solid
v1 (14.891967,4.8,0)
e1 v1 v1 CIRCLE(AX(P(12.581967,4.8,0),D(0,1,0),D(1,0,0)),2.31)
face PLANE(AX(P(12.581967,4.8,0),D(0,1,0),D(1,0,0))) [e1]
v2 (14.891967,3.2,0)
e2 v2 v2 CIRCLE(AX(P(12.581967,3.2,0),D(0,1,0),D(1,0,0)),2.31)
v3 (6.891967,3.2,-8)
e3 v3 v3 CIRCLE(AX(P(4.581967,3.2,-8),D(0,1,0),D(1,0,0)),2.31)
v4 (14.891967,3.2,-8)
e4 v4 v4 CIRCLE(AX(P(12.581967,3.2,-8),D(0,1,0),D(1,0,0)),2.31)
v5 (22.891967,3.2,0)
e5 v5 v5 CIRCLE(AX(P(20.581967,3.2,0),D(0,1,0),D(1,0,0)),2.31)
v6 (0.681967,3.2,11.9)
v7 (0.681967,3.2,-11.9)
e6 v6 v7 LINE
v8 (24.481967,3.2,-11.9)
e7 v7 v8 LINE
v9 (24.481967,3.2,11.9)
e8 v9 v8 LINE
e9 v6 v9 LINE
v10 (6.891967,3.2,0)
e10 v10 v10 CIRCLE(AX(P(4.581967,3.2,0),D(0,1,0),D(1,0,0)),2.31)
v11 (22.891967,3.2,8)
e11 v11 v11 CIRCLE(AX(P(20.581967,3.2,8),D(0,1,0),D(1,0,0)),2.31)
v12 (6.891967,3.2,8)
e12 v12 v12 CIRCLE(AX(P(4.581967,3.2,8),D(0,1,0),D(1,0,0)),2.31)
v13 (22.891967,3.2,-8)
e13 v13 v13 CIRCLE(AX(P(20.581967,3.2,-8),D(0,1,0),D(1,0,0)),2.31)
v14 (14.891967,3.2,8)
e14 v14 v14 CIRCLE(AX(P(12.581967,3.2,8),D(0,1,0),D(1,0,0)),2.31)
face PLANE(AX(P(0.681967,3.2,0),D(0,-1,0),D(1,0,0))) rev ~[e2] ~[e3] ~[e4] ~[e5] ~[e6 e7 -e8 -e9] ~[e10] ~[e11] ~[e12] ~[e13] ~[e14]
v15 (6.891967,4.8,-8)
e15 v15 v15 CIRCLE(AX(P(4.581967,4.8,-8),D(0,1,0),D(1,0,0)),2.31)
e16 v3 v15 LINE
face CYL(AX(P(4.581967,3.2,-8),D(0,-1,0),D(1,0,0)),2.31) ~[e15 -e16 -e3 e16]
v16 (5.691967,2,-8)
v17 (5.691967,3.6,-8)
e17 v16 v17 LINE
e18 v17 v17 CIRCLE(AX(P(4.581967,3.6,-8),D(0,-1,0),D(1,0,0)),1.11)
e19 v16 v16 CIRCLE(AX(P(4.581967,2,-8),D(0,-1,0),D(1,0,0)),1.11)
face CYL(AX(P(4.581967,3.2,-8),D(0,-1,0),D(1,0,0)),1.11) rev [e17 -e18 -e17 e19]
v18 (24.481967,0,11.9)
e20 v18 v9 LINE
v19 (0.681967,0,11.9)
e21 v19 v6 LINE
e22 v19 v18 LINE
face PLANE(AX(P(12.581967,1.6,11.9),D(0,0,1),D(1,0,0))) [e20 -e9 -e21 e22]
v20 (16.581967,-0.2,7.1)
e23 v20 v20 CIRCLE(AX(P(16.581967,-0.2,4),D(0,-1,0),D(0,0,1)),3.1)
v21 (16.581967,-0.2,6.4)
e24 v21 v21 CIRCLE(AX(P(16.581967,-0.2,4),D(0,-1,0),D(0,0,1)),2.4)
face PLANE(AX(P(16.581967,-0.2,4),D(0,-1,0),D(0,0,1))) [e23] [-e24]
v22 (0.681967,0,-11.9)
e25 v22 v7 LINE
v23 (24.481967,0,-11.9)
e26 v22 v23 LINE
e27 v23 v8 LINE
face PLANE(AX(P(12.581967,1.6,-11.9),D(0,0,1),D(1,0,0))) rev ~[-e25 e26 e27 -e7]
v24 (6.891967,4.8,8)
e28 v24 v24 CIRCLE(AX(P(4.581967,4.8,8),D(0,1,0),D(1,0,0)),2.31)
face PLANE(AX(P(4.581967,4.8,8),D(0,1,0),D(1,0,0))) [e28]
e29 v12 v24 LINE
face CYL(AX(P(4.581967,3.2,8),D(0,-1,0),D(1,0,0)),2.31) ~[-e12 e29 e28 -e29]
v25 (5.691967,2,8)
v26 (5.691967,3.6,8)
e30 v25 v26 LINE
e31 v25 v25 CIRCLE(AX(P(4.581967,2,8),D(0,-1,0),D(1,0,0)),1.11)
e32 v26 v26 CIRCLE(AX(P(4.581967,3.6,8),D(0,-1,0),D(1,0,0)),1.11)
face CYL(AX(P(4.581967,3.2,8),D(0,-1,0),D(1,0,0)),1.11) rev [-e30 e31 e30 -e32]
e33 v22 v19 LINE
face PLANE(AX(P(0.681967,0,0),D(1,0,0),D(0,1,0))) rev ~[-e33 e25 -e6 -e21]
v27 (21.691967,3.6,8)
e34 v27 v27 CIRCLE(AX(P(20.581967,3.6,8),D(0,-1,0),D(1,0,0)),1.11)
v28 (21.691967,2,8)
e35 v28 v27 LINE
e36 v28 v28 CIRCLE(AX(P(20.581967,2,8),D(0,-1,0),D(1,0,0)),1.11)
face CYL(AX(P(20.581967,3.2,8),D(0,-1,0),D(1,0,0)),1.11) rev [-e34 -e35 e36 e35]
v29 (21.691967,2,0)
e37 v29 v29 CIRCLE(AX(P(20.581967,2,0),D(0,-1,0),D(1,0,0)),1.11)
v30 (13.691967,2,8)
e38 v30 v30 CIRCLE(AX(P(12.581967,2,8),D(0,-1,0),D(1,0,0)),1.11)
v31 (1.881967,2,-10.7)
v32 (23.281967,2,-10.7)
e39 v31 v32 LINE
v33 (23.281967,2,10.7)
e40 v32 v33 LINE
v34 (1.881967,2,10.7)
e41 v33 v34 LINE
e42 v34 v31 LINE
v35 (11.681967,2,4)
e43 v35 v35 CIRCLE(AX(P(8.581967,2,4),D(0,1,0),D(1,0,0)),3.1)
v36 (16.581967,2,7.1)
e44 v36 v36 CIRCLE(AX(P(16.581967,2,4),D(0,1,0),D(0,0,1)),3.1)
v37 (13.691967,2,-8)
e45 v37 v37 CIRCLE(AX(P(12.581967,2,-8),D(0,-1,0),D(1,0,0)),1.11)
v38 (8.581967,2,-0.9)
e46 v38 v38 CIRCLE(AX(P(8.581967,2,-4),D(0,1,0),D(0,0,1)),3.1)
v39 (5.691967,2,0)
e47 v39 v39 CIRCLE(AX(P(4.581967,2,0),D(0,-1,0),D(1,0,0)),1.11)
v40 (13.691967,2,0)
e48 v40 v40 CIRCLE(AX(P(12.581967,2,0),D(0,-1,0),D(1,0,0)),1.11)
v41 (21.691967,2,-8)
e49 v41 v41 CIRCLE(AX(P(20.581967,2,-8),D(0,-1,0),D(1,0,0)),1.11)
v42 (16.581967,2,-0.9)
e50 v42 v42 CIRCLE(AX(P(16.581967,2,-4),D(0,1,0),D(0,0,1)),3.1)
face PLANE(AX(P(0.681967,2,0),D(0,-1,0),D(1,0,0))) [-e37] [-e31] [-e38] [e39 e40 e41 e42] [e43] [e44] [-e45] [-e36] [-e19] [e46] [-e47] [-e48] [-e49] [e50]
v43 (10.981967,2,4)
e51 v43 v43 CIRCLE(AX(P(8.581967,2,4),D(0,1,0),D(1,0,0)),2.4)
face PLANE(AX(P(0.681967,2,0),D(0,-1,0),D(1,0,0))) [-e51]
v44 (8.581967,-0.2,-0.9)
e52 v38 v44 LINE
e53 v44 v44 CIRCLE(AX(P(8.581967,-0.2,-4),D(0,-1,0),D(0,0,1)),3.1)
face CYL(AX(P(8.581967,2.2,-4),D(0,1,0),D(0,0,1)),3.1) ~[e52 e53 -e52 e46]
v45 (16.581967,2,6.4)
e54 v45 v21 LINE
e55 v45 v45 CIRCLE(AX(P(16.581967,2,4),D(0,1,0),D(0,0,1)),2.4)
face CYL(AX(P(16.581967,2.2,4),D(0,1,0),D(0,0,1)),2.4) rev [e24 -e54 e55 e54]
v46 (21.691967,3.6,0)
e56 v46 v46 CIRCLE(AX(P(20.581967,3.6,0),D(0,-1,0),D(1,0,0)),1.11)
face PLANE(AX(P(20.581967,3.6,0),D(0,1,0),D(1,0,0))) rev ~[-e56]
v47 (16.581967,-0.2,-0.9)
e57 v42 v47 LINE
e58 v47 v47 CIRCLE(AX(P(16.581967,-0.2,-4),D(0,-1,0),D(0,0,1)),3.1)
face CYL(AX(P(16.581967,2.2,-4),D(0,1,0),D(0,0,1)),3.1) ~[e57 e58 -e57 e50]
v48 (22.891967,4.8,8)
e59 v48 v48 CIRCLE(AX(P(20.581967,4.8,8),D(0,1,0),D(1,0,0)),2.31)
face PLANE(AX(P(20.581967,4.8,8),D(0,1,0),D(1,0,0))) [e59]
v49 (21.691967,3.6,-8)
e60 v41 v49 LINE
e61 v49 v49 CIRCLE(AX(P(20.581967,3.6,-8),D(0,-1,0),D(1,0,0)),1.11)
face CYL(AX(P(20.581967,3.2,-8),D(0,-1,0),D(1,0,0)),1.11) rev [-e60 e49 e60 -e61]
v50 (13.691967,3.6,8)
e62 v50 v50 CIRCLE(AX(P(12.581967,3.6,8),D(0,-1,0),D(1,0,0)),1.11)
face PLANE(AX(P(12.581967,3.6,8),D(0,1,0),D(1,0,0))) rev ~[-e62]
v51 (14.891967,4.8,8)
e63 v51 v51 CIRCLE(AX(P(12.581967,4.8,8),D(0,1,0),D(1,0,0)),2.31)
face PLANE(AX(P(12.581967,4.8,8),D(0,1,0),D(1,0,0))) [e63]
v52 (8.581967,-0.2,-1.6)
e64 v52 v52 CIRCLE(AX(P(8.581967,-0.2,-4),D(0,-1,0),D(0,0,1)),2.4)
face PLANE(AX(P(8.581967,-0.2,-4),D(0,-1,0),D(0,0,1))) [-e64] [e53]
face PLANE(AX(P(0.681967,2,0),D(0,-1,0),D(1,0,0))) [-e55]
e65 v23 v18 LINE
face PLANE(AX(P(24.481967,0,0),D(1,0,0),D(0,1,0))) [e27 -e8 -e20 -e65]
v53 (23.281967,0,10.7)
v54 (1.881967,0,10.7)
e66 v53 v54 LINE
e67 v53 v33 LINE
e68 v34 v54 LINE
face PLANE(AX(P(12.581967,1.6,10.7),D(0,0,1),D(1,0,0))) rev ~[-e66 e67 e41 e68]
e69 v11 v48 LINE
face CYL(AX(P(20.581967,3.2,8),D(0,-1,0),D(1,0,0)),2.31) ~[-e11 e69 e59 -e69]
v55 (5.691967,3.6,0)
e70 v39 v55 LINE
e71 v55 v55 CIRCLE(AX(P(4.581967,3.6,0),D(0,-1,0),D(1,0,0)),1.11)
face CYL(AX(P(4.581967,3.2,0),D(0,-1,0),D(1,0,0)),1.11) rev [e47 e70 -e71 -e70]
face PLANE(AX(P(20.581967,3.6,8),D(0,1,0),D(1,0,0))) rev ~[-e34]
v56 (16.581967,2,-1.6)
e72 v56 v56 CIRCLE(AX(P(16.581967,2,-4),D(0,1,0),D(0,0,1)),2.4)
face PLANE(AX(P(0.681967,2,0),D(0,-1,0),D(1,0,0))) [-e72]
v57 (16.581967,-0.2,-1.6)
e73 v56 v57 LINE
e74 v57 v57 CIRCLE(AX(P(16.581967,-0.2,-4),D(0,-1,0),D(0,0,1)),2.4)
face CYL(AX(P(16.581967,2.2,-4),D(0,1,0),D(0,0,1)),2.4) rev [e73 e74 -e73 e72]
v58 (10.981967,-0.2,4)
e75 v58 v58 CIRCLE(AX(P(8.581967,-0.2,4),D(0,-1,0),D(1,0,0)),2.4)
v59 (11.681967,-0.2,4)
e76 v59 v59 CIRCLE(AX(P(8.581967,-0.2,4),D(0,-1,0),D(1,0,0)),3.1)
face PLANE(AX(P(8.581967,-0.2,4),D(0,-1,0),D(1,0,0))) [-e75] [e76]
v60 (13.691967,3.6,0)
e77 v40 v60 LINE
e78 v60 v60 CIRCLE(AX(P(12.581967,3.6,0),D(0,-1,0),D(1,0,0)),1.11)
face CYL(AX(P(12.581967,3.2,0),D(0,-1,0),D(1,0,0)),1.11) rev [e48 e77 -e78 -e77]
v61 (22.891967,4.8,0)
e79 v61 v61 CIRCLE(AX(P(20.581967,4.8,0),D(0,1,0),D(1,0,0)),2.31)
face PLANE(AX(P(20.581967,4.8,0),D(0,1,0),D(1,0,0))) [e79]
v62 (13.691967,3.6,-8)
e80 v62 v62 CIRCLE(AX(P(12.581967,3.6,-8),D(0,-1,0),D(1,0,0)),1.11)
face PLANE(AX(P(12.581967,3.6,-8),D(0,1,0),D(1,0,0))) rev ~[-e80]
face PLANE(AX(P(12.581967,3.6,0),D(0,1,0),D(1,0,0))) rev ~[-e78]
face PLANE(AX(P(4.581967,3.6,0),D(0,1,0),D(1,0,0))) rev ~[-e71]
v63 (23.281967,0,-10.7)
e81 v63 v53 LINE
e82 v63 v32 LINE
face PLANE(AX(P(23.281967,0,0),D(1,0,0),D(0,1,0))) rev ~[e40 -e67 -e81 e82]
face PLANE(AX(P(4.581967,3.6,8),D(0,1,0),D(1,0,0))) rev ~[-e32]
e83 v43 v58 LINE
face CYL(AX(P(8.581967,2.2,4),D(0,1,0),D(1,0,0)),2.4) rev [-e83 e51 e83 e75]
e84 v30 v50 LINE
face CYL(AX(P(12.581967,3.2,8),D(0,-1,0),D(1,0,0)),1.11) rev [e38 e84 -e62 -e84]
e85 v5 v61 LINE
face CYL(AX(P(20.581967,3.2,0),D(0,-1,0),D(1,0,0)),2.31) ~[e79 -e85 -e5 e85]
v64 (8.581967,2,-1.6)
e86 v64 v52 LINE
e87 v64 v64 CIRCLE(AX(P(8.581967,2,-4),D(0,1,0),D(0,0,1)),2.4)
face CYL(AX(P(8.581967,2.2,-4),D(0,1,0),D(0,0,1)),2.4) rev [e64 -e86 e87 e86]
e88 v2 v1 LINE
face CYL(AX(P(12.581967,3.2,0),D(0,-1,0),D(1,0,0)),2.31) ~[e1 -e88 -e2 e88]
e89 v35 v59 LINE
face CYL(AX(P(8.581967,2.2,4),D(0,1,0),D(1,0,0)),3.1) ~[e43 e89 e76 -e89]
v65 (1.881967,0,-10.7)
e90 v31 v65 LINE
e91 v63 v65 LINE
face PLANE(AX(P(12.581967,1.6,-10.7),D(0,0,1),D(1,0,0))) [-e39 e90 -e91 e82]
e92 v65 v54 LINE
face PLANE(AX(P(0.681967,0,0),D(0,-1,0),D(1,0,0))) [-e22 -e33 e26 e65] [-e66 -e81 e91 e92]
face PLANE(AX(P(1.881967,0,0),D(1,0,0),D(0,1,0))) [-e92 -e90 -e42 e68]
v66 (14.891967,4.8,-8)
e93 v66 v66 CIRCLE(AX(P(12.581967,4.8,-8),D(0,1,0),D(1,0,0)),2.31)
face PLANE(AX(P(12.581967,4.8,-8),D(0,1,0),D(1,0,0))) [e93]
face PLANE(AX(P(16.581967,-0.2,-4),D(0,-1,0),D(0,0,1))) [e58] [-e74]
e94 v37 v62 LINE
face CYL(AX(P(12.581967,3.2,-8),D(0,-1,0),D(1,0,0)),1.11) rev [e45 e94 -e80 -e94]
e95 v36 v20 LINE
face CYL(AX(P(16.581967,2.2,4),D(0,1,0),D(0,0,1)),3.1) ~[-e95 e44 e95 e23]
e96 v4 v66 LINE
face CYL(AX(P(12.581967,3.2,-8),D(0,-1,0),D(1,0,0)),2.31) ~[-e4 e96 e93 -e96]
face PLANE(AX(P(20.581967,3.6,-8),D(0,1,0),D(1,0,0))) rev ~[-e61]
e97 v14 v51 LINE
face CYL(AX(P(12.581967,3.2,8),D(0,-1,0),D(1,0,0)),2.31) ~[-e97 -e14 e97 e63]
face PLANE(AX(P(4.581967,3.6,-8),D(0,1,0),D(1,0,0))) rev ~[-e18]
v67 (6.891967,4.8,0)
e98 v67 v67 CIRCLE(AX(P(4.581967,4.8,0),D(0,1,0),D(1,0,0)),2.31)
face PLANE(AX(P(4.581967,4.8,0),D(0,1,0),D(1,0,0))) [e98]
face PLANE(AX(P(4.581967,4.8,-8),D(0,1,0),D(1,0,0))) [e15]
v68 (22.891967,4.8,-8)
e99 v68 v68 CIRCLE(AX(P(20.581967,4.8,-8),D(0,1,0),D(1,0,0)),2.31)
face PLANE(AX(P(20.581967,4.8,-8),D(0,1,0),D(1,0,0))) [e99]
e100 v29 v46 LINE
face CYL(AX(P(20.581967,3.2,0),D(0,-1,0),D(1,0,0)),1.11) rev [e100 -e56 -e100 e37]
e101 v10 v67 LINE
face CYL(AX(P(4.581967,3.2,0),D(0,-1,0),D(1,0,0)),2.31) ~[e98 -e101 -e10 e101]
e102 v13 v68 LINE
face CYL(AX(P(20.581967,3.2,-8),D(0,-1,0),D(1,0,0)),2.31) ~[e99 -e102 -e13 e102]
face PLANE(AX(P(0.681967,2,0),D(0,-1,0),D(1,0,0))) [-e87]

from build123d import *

# Parameters (mm, degrees)
MAINBASESKETCH_W                 = 23.8
MAINBASESKETCH_H                 = 3.2
MAINBASEEXTRUDE_DEPTH            = 11.9
STUDSSKETCH_R                    = 2.31
STUDSEXTRUDE_DEPTH               = 1.6
STUDSPATTERN_COUNT               = 3
STUDSPATTERN_PITCH               = 8
STUDSPATTERN_COUNT_DIR2          = 3
STUDSPATTERN_PITCH_DIR2          = 8
MAINBASESHELL_T                  = -1.2
TABLEBASEUNDERCIRCLES_START      = -0.2
TABLEBASEUNDERCIRCLESKETCHES_R   = 3.1
TABLEBASEUNDERCIRCLESKETCHES_R_2 = 2.4
TABLEBASEUNDERCIRCLES_DEPTH      = 2.4


with BuildPart() as part:
    # MainBaseSketch → MainBaseExtrude (new, symmetric)
    with BuildSketch(Plane.XY):
        with Locations((12.581967213, 1.6)):
            Rectangle(MAINBASESKETCH_W, MAINBASESKETCH_H)
    extrude(amount=MAINBASEEXTRUDE_DEPTH, both=True)

    # StudsSketch → StudsExtrude (add)
    with BuildSketch(Plane(origin=(0, 3.2, 0), x_dir=(1, 0, 0), z_dir=(0, 1, 0))):
        with Locations((4.581967213, 8)):
            Circle(STUDSSKETCH_R)
    studsextrude = extrude(amount=STUDSEXTRUDE_DEPTH)

    # StudsPattern: StudsExtrude 3 × 3
    with Locations(*[(j * STUDSPATTERN_PITCH_DIR2, 0, i * STUDSPATTERN_PITCH) for i in range(STUDSPATTERN_COUNT) for j in range(STUDSPATTERN_COUNT_DIR2) if (i, j) != (0, 0)]):
        add(studsextrude)

    # MainBaseShell
    mainbaseshell_openings = [part.faces().sort_by_distance(p)[0] for p in [
        (12.581967213, 0, 0),
    ]]
    offset(amount=MAINBASESHELL_T, openings=mainbaseshell_openings, kind=Kind.INTERSECTION)

    # TableBaseUnderCircleSketches → TableBaseUnderCircles (add)
    # profile 1 of 4: a face of its own
    with BuildSketch(Plane.XZ.offset(-2).offset(TABLEBASEUNDERCIRCLES_START)):
        with Locations((8.581967213, 4)):
            Circle(TABLEBASEUNDERCIRCLESKETCHES_R)
        with Locations((8.581967213, 4)):
            Circle(TABLEBASEUNDERCIRCLESKETCHES_R_2, mode=Mode.SUBTRACT)
    # profile 2 of 4: a face of its own
    with BuildSketch(Plane.XZ.offset(-2).offset(TABLEBASEUNDERCIRCLES_START)):
        with Locations(Location((16.581967213, 4, 0), (0, 0, 90))):
            Circle(TABLEBASEUNDERCIRCLESKETCHES_R)
        with Locations(Location((16.581967213, 4, 0), (0, 0, 90))):
            Circle(TABLEBASEUNDERCIRCLESKETCHES_R_2, mode=Mode.SUBTRACT)
    # profile 3 of 4: a face of its own
    with BuildSketch(Plane.XZ.offset(-2).offset(TABLEBASEUNDERCIRCLES_START)):
        with Locations(Location((8.581967213, -4, 0), (0, 0, 90))):
            Circle(TABLEBASEUNDERCIRCLESKETCHES_R)
        with Locations(Location((8.581967213, -4, 0), (0, 0, 90))):
            Circle(TABLEBASEUNDERCIRCLESKETCHES_R_2, mode=Mode.SUBTRACT)
    # profile 4 of 4: a face of its own
    with BuildSketch(Plane.XZ.offset(-2).offset(TABLEBASEUNDERCIRCLES_START)):
        with Locations(Location((16.581967213, -4, 0), (0, 0, 90))):
            Circle(TABLEBASEUNDERCIRCLESKETCHES_R)
        with Locations(Location((16.581967213, -4, 0), (0, 0, 90))):
            Circle(TABLEBASEUNDERCIRCLESKETCHES_R_2, mode=Mode.SUBTRACT)
    extrude(amount=TABLEBASEUNDERCIRCLES_DEPTH)


solid = part.part
